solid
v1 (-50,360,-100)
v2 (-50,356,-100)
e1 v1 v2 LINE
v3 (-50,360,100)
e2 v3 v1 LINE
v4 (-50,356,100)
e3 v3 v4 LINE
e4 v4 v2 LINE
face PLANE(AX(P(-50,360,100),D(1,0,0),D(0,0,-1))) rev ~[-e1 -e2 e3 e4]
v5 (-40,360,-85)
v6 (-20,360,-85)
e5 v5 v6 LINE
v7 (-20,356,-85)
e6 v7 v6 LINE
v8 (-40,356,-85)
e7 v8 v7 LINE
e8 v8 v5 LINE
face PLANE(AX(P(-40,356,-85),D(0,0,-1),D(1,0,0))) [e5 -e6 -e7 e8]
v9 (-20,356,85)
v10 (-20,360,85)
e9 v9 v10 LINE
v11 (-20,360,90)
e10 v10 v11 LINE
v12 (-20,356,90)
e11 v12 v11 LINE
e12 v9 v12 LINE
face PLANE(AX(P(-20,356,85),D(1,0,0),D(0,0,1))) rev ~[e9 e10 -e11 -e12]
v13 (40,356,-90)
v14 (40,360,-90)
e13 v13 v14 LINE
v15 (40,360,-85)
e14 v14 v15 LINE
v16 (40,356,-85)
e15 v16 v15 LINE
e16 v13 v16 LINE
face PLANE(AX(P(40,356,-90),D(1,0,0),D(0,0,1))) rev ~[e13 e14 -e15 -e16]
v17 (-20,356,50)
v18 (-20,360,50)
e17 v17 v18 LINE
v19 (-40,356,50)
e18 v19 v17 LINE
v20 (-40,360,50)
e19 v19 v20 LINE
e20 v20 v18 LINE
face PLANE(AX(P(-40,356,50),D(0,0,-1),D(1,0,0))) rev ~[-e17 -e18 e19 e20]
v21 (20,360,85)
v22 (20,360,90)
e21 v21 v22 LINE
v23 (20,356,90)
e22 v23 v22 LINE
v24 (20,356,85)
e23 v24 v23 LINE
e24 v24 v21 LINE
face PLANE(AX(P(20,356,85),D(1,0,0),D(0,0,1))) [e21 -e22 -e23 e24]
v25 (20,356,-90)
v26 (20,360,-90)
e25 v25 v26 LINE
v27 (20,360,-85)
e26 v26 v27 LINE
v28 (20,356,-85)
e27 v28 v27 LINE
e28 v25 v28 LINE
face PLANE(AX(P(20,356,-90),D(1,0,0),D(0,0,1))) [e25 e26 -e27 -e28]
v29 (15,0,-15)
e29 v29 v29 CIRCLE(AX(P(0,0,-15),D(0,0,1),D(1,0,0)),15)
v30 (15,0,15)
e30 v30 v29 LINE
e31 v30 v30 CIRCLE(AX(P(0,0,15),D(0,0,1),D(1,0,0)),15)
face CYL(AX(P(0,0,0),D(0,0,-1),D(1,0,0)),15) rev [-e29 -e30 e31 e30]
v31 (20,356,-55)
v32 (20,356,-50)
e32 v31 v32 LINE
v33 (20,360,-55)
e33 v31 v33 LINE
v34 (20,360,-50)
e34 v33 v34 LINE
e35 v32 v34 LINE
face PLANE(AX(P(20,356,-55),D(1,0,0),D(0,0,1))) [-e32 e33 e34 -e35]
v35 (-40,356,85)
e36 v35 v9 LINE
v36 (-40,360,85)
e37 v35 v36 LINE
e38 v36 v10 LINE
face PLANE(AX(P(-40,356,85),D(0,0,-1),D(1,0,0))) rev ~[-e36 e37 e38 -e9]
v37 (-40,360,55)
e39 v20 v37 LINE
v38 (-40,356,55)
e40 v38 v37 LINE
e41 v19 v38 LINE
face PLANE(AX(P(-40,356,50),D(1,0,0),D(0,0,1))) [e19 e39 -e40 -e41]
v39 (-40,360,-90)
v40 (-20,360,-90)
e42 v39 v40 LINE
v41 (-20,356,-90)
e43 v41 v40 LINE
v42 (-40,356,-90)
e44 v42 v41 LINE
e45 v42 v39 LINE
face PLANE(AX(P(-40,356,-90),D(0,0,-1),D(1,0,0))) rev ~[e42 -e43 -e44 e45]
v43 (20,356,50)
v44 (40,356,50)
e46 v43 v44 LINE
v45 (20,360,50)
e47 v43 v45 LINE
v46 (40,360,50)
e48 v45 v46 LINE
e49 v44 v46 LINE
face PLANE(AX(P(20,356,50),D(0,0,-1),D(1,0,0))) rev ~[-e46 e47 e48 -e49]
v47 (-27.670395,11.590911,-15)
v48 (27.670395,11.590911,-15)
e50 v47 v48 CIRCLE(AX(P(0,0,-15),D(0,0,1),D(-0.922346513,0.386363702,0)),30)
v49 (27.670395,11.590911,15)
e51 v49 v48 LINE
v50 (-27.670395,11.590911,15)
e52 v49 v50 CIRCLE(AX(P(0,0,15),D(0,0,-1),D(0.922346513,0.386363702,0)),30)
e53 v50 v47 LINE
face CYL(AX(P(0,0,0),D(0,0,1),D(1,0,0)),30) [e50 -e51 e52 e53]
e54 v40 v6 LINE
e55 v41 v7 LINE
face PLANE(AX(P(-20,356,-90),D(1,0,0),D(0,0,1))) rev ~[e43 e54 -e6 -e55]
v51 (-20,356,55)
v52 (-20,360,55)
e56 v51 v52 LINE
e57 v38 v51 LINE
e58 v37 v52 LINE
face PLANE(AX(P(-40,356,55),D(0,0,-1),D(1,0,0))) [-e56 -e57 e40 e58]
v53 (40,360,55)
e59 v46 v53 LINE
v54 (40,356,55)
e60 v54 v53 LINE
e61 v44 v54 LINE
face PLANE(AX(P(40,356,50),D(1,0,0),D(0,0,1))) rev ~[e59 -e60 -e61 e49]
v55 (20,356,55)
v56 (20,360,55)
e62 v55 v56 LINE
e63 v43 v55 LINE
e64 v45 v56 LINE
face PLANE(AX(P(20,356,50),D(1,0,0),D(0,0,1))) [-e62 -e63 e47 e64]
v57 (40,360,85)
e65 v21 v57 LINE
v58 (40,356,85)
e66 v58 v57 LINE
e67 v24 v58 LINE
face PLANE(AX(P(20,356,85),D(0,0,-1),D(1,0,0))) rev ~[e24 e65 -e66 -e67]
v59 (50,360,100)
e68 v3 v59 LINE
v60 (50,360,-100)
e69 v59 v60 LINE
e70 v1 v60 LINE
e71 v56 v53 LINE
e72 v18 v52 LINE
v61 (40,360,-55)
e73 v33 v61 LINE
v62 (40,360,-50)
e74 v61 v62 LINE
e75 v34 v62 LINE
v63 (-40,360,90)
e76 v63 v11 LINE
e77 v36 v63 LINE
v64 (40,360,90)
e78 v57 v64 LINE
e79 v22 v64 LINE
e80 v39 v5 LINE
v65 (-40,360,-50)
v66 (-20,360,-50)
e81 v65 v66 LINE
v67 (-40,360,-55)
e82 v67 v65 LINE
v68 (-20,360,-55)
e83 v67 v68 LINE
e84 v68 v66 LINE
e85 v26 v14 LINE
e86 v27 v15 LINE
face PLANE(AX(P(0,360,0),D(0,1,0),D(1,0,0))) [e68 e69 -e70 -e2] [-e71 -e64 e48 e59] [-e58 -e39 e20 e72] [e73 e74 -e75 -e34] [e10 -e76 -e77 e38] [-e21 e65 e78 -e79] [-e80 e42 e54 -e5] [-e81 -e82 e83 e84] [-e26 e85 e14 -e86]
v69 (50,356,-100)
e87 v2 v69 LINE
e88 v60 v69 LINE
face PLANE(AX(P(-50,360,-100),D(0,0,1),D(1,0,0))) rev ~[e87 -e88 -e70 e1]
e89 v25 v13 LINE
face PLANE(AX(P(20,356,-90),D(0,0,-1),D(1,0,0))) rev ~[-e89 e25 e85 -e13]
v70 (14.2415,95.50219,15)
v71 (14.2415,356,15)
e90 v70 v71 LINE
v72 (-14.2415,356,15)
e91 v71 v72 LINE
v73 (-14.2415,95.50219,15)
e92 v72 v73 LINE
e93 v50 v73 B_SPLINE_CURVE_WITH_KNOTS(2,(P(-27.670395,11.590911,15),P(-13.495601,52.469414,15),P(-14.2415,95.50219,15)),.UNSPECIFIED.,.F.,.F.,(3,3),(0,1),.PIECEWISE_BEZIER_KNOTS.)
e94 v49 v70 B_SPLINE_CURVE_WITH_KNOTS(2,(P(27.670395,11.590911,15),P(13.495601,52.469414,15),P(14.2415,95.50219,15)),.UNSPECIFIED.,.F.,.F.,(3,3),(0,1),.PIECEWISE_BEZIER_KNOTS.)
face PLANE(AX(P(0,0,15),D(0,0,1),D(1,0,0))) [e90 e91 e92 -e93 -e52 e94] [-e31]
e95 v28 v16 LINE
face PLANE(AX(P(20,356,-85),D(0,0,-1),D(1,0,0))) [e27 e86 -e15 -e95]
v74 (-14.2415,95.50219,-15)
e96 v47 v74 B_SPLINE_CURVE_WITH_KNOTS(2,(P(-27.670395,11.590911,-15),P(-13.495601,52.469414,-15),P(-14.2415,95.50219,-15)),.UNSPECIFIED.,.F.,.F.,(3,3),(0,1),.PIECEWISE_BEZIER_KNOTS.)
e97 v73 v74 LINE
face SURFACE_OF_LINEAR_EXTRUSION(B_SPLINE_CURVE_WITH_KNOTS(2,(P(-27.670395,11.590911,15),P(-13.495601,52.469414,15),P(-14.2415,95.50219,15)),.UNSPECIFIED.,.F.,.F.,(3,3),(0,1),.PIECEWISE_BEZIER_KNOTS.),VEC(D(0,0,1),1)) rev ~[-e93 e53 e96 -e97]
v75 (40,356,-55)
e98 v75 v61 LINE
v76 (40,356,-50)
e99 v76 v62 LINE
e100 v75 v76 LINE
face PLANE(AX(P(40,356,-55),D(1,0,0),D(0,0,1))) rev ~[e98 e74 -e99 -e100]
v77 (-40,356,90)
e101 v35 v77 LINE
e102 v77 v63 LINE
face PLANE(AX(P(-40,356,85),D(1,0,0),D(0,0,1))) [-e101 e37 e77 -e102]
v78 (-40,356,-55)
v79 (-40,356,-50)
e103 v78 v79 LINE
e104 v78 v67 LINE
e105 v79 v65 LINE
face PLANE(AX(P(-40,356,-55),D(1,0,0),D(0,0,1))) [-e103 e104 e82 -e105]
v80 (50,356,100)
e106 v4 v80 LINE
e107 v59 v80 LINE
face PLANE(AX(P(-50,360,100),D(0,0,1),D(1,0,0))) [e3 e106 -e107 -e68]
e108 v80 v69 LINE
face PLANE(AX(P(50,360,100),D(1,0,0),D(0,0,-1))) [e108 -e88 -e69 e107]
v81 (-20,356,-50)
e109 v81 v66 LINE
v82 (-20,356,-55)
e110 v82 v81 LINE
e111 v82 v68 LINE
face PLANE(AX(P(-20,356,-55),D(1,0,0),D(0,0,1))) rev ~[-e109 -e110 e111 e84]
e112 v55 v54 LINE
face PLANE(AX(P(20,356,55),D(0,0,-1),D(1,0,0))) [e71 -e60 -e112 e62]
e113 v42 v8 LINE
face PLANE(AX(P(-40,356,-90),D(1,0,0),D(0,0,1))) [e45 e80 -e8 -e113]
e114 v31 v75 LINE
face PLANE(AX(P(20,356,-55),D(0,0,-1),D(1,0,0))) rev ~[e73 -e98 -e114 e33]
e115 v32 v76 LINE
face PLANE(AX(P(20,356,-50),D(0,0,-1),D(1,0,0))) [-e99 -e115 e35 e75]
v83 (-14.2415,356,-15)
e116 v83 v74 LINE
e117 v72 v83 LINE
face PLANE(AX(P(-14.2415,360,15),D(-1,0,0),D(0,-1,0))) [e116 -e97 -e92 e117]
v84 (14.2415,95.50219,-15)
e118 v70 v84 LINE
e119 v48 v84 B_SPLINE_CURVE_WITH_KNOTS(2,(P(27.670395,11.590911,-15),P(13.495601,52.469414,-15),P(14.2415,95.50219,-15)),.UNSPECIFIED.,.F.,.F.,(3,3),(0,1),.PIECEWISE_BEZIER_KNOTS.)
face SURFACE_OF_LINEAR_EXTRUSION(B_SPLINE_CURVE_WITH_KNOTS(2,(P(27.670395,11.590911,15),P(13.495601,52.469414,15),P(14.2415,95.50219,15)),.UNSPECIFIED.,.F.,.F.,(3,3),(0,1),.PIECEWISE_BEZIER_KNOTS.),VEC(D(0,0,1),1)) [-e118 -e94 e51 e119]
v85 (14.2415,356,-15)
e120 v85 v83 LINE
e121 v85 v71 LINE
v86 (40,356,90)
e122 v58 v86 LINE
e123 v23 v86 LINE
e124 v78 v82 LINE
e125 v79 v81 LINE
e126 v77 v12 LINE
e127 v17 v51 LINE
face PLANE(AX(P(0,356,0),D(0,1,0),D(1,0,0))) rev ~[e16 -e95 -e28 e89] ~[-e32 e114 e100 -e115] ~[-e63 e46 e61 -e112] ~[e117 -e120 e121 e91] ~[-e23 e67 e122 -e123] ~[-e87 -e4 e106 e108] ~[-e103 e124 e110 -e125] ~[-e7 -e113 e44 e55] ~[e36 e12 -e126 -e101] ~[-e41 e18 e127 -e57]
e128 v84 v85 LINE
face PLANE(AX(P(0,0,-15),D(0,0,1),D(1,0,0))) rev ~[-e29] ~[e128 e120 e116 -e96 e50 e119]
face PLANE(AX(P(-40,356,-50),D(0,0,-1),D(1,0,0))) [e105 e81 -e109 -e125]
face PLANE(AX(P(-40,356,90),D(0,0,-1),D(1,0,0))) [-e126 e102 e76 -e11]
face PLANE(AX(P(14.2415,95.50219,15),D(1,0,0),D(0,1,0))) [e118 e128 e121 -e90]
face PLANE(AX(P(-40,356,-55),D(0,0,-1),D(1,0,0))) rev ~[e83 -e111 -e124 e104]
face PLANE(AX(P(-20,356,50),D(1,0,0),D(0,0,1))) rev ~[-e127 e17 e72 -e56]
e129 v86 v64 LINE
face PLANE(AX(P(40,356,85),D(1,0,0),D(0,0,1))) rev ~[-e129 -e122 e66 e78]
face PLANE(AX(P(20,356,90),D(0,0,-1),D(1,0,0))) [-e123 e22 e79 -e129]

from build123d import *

# Parameters (mm, degrees)
SKETCH1_R           = 30
SKETCH1_R_2         = 15
BOSS_EXTRUDE1_DEPTH = 15
BOSS_EXTRUDE2_DEPTH = 30
SKETCH3_W           = 100
SKETCH3_H           = 200
BOSS_EXTRUDE3_DEPTH = 4
SKETCH4_W           = 20
SKETCH4_H           = 5
CUT_EXTRUDE1_DEPTH  = 4


with BuildPart() as part:
    # Sketch1 → Boss-Extrude1 (new body, symmetric)
    with BuildSketch(Plane.XY):
        Circle(SKETCH1_R)
        Circle(SKETCH1_R_2, mode=Mode.SUBTRACT)
    extrude(amount=BOSS_EXTRUDE1_DEPTH, both=True)

    # Sketch2 → Boss-Extrude2 (add)
    with BuildSketch(Plane.XY.offset(15)):
        with BuildLine():
            Line((14.241500135, 95.50219019), (14.241500135, 360))
            Line((14.241500135, 360), (-14.241500135, 360))
            Line((-14.241500135, 360), (-14.241500135, 95.50219019))
            add(Edge.make_bspline(
                [(-27.670395385, 11.590911061), (-13.495600511, 52.469413615), (-14.241500135, 95.50219019)],
                knots=[0, 0, 0, 1, 1, 1], degree=2))
            ThreePointArc((-27.670395385, 11.590911061), (0, 30), (27.670395385, 11.590911061))
            add(Edge.make_bspline(
                [(27.670395385, 11.590911061), (13.495600511, 52.469413615), (14.241500135, 95.50219019)],
                knots=[0, 0, 0, 1, 1, 1], degree=2))
        make_face()
    extrude(amount=-BOSS_EXTRUDE2_DEPTH)

    # Sketch3 → Boss-Extrude3 (add)
    with BuildSketch(Plane(origin=(0, 360, 0), x_dir=(1, 0, 0), z_dir=(0, 1, 0))):
        Rectangle(SKETCH3_W, SKETCH3_H)
    extrude(amount=-BOSS_EXTRUDE3_DEPTH)

    # Sketch4 → Cut-Extrude1 (cut)
    with BuildSketch(Plane.XZ.offset(-356)):
        with Locations((30, 87.5)):
            Rectangle(SKETCH4_W, SKETCH4_H)
        with Locations((-30, 87.5)):
            Rectangle(SKETCH4_W, SKETCH4_H)
        with Locations((-30, -87.5)):
            Rectangle(SKETCH4_W, SKETCH4_H)
        with Locations((30, -87.5)):
            Rectangle(SKETCH4_W, SKETCH4_H)
        with Locations((-30, 52.5)):
            Rectangle(SKETCH4_W, SKETCH4_H)
        with Locations((30, 52.5)):
            Rectangle(SKETCH4_W, SKETCH4_H)
        with Locations((30, -52.5)):
            Rectangle(SKETCH4_W, SKETCH4_H)
        with Locations((-30, -52.5)):
            Rectangle(SKETCH4_W, SKETCH4_H)
    extrude(amount=-CUT_EXTRUDE1_DEPTH, mode=Mode.SUBTRACT)


solid = part.part
